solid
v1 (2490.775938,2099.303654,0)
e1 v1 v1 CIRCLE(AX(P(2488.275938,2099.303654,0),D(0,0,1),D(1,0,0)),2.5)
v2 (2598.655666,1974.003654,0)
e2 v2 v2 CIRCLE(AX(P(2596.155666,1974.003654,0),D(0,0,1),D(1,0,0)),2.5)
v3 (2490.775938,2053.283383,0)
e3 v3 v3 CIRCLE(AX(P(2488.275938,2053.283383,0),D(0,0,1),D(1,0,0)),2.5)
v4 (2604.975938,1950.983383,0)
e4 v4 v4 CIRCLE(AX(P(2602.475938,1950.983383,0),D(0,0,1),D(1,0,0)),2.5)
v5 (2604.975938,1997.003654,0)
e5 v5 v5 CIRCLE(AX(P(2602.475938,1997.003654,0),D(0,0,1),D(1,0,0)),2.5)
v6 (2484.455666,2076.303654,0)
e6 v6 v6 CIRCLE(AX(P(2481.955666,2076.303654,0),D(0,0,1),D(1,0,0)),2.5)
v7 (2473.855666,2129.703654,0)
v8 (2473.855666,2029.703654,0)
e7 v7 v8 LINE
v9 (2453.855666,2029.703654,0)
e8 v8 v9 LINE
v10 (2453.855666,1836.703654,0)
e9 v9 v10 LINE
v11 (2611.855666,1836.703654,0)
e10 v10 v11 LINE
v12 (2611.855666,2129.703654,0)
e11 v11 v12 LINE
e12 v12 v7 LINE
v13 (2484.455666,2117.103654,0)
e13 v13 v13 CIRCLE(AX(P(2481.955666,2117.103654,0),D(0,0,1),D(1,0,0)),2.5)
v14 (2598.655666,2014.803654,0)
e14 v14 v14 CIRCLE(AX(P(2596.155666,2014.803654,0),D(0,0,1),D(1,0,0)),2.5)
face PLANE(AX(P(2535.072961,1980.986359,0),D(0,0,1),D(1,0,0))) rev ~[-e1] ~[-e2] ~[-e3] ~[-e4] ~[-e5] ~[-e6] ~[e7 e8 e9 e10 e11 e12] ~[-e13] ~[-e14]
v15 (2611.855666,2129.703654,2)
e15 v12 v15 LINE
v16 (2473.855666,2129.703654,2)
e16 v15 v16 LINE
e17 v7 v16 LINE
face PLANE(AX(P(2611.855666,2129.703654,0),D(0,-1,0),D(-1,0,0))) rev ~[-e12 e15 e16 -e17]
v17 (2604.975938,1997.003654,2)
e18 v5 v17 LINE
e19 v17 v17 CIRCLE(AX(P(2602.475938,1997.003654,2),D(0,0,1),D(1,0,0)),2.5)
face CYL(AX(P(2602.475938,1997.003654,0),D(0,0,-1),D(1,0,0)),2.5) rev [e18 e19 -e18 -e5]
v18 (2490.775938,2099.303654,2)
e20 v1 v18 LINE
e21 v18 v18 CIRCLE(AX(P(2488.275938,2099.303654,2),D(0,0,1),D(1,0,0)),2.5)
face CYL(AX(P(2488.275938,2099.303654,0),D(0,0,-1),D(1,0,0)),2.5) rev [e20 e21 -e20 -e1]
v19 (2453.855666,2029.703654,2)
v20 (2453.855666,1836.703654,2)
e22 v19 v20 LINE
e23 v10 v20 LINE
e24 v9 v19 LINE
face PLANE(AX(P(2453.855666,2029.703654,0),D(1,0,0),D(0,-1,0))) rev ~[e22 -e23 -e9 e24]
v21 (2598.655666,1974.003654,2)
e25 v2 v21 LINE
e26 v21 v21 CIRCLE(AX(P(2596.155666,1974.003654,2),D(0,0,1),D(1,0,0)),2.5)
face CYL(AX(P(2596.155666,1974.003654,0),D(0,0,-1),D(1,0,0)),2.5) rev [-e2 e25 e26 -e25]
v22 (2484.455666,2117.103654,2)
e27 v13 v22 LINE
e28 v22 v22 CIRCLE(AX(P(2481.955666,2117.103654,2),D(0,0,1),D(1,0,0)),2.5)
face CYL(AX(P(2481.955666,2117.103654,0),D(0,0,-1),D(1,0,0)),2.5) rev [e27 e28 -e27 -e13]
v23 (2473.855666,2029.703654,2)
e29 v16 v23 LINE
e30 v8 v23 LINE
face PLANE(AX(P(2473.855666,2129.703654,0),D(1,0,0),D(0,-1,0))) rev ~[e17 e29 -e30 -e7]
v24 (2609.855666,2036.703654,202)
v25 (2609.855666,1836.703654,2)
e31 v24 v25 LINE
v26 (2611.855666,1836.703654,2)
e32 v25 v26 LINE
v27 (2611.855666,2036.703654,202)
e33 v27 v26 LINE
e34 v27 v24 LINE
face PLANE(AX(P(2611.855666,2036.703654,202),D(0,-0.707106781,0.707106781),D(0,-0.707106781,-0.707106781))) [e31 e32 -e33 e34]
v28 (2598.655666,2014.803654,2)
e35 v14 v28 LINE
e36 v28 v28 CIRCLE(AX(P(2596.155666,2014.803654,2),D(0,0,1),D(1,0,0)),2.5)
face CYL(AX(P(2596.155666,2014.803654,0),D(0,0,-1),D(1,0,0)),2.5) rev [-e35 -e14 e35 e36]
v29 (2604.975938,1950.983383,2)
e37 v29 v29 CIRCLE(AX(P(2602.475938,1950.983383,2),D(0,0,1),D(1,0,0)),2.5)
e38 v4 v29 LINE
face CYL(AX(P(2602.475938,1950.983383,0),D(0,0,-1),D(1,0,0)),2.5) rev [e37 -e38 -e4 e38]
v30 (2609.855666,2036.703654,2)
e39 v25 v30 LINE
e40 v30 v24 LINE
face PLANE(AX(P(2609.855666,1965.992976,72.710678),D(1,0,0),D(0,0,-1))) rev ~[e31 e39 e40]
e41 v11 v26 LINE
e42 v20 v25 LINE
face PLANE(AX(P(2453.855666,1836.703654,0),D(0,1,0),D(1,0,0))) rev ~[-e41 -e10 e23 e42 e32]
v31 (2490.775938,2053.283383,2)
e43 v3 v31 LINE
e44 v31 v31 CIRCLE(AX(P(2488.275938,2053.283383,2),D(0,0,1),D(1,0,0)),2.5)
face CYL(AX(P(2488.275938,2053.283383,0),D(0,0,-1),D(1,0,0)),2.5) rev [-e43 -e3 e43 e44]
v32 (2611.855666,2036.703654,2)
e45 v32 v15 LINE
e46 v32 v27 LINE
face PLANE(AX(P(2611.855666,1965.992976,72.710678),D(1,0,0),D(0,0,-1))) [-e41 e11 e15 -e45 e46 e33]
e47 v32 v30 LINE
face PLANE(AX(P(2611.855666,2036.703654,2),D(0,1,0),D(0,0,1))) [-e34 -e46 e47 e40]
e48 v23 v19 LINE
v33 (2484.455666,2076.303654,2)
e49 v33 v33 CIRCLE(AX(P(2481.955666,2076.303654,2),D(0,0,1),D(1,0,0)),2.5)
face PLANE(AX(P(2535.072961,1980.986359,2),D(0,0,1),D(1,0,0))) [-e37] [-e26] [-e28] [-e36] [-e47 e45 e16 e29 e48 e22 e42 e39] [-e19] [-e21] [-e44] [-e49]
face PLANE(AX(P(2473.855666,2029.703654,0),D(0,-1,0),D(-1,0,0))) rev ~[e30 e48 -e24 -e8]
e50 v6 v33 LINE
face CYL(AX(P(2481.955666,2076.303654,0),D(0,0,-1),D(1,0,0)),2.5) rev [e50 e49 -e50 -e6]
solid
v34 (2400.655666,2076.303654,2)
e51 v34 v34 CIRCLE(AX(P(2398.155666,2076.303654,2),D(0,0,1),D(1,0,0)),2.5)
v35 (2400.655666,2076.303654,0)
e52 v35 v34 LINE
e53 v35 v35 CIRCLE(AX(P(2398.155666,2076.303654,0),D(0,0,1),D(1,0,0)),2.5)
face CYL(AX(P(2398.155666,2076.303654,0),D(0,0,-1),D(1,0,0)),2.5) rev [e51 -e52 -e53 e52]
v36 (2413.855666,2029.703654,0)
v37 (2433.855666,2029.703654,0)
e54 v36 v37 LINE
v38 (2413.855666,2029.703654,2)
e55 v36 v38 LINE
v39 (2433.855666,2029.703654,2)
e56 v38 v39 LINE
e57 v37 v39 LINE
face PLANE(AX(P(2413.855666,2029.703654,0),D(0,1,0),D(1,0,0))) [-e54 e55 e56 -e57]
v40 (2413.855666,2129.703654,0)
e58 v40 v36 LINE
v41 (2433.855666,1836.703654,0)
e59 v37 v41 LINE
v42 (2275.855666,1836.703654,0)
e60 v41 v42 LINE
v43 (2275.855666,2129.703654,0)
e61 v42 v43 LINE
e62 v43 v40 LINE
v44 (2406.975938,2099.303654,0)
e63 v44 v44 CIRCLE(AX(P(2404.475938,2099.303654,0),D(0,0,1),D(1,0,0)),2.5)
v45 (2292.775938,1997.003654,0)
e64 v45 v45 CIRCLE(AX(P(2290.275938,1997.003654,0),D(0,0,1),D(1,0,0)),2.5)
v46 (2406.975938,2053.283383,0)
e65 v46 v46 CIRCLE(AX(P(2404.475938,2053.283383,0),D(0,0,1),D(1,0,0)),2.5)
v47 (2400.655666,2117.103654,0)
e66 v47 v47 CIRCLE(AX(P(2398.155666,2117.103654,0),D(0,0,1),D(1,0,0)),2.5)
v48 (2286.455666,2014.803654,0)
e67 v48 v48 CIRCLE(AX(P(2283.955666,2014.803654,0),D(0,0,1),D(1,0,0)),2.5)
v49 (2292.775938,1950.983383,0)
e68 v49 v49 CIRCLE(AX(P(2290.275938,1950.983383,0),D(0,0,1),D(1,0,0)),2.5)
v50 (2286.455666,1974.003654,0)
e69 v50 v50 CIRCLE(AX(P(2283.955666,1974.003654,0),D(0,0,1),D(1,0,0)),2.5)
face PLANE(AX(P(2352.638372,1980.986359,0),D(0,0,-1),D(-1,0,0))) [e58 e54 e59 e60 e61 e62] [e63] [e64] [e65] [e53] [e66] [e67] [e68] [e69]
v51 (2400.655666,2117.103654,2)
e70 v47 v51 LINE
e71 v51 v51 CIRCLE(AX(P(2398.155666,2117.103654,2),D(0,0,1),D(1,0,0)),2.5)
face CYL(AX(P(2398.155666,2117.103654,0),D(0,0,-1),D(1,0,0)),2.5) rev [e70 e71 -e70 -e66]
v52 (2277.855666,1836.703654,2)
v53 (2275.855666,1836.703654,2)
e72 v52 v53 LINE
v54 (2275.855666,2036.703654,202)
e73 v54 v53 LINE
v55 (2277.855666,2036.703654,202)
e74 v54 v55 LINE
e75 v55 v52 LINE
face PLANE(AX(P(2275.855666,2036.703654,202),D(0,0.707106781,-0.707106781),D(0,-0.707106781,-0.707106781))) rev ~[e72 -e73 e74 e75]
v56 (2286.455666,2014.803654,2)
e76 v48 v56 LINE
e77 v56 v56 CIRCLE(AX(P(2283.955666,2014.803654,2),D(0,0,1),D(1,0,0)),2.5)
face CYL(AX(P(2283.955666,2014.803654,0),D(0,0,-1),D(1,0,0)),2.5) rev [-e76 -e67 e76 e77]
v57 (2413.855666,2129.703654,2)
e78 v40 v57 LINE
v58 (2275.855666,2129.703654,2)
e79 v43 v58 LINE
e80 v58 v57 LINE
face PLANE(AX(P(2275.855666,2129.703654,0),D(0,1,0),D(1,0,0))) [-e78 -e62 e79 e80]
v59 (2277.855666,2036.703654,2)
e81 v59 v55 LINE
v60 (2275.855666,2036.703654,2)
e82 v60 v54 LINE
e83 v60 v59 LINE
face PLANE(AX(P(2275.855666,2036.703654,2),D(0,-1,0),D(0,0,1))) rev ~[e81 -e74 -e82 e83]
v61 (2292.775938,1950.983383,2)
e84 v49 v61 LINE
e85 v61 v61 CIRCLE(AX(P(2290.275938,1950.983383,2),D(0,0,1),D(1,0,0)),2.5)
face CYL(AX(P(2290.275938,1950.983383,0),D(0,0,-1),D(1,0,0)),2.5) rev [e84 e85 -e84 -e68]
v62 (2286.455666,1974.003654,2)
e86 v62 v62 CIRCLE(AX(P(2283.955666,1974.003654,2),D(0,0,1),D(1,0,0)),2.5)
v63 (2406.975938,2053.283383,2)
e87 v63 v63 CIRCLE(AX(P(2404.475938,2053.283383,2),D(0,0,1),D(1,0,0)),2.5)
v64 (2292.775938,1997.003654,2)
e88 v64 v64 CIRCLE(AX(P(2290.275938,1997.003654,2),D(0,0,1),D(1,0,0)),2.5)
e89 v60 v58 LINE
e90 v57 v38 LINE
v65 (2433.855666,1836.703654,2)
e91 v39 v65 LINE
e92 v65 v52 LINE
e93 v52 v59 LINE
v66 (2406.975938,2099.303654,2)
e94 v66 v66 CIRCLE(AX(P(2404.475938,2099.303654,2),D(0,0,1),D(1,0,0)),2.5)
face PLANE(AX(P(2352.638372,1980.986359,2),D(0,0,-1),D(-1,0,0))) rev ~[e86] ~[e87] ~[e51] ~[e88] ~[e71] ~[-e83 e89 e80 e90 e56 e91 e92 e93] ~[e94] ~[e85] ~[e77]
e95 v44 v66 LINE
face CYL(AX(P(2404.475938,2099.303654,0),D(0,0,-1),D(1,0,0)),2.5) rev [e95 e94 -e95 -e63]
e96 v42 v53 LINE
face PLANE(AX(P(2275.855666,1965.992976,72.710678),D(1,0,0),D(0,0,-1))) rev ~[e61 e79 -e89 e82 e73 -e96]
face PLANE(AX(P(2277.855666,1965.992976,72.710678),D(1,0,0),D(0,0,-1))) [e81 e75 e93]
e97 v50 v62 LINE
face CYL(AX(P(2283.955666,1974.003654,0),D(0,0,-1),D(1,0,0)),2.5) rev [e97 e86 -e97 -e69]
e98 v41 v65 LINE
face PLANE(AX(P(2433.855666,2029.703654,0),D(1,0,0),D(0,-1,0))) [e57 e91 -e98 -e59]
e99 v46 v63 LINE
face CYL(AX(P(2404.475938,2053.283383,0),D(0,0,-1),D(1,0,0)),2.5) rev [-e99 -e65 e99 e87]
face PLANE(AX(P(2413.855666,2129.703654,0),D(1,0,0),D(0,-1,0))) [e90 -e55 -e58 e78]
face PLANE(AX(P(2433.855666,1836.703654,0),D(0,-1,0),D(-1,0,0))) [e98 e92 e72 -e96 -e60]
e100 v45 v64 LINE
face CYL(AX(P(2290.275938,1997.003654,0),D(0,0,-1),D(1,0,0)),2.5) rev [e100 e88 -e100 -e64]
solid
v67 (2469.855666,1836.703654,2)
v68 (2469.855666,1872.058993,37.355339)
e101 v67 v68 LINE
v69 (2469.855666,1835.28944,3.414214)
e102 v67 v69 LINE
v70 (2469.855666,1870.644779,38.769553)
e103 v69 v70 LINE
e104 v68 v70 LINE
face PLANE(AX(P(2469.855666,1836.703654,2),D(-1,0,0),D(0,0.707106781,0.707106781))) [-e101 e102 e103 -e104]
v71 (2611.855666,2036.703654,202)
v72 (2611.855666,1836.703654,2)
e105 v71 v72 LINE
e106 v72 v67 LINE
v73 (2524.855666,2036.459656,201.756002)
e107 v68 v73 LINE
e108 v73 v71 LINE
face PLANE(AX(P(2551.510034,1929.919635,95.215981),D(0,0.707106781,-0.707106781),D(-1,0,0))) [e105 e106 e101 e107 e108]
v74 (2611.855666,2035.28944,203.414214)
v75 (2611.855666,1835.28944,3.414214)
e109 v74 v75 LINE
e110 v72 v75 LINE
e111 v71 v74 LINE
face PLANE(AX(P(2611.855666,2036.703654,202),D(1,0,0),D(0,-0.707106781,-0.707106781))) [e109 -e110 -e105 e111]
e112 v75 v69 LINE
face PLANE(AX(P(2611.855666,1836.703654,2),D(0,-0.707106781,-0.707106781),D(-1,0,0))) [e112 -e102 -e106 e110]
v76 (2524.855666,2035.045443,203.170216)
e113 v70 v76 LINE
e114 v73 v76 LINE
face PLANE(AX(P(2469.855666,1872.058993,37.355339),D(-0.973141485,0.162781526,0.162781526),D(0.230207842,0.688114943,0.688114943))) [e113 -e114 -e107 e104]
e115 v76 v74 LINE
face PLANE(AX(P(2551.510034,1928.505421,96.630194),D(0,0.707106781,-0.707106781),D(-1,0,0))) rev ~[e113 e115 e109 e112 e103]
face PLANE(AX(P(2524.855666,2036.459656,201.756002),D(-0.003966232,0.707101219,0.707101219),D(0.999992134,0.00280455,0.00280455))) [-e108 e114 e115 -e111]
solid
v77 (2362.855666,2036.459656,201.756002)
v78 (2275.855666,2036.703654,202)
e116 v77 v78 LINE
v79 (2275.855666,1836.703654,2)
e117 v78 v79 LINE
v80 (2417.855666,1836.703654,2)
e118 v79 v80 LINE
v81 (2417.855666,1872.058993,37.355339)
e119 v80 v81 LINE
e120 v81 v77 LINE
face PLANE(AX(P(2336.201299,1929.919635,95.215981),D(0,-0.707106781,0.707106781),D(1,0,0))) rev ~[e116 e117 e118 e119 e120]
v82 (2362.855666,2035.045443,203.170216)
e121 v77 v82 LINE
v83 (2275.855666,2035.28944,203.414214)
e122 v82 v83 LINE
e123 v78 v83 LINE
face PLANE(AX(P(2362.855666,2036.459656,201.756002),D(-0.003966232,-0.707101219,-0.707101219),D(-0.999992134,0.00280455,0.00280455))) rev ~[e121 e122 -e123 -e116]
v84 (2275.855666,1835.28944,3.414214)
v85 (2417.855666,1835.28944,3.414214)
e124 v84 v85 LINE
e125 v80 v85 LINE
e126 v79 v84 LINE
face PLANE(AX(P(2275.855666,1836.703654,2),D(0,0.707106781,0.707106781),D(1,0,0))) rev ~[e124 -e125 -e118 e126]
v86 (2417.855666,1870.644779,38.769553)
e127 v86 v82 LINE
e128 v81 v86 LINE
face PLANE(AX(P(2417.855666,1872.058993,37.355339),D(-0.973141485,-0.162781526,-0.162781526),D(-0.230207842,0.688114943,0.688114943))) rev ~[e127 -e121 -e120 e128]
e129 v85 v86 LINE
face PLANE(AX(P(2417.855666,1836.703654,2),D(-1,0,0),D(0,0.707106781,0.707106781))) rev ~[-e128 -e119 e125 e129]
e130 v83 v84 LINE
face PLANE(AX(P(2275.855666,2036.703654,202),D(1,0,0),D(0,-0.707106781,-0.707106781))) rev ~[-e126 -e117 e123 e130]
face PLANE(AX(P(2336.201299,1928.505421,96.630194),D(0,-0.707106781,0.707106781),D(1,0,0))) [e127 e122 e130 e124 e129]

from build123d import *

# Parameters (mm, degrees)
SKETCH_1_R        = 2.5
EXTRUDE_2_DEPTH   = 2
EXTRUDE_2_2_DEPTH = 2
EXTRUDE_5_DEPTH   = 2
EXTRUDE_6_DEPTH   = 2
EXTRUDE_7_DEPTH   = 2
EXTRUDE_7_2_DEPTH = 2


with BuildPart() as part:
    # 草图1 → 凸台-拉伸2 (new body)
    with BuildSketch(Plane.XY):
        Polygon((2433.85566646, 2029.703654003), (2433.85566646, 1836.703654003), (2275.85566646, 1836.703654003), (2275.85566646, 2129.703654003), (2413.85566646, 2129.703654003), (2413.85566646, 2029.703654003), align=None)
        with Locations((2404.475937528, 2099.303654003)):
            Circle(SKETCH_1_R, mode=Mode.SUBTRACT)
        with Locations((2404.475937528, 2053.283382936)):
            Circle(SKETCH_1_R, mode=Mode.SUBTRACT)
        with Locations((2398.15566646, 2076.303654003)):
            Circle(SKETCH_1_R, mode=Mode.SUBTRACT)
        with Locations((2398.15566646, 2117.103654003)):
            Circle(SKETCH_1_R, mode=Mode.SUBTRACT)
        with Locations((2290.275937528, 1997.003654003)):
            Circle(SKETCH_1_R, mode=Mode.SUBTRACT)
        with Locations((2290.275937528, 1950.983382936)):
            Circle(SKETCH_1_R, mode=Mode.SUBTRACT)
        with Locations((2283.95566646, 1974.003654003)):
            Circle(SKETCH_1_R, mode=Mode.SUBTRACT)
        with Locations((2283.95566646, 2014.803654003)):
            Circle(SKETCH_1_R, mode=Mode.SUBTRACT)
    extrude(amount=EXTRUDE_2_DEPTH)

    # 草图6 → 凸台-拉伸6 (add)
    with BuildSketch(Plane.ZY.offset(-2275.85566646)):
        Polygon((2, 1836.703654003), (2, 2036.703654003), (202, 2036.703654003), align=None)
    extrude(amount=-EXTRUDE_6_DEPTH)


with BuildPart() as body_2:
    # 草图1 → Extrude 2 2 (new body)
    with BuildSketch(Plane.XY):
        Polygon((2473.85566646, 2129.703654003), (2473.85566646, 2029.703654003), (2453.85566646, 2029.703654003), (2453.85566646, 1836.703654003), (2611.85566646, 1836.703654003), (2611.85566646, 2129.703654003), align=None)
        with Locations((2488.275937528, 2099.303654003)):
            Circle(SKETCH_1_R, mode=Mode.SUBTRACT)
        with Locations((2488.275937528, 2053.283382936)):
            Circle(SKETCH_1_R, mode=Mode.SUBTRACT)
        with Locations((2481.95566646, 2076.303654003)):
            Circle(SKETCH_1_R, mode=Mode.SUBTRACT)
        with Locations((2481.95566646, 2117.103654003)):
            Circle(SKETCH_1_R, mode=Mode.SUBTRACT)
        with Locations((2602.475937528, 1997.003654003)):
            Circle(SKETCH_1_R, mode=Mode.SUBTRACT)
        with Locations((2602.475937528, 1950.983382936)):
            Circle(SKETCH_1_R, mode=Mode.SUBTRACT)
        with Locations((2596.15566646, 1974.003654003)):
            Circle(SKETCH_1_R, mode=Mode.SUBTRACT)
        with Locations((2596.15566646, 2014.803654003)):
            Circle(SKETCH_1_R, mode=Mode.SUBTRACT)
    extrude(amount=EXTRUDE_2_2_DEPTH)

    # 草图5 → 凸台-拉伸5 (add)
    with BuildSketch(Plane(origin=(2611.85566646, 0, 0), x_dir=(0, 0, -1), z_dir=(1, 0, 0))):
        Polygon((-2, 1836.703654003), (-2, 2036.703654003), (-202, 2036.703654003), align=None)
    extrude(amount=-EXTRUDE_5_DEPTH)


with BuildPart() as body_3:
    # 草图7 → 凸台-拉伸7 (new body)
    with BuildSketch(Plane(origin=(0, 917.351827001, -917.351827001), x_dir=(1, 0, 0), z_dir=(0, -0.7071067811865472, 0.7071067811865479))):
        Polygon((2417.85566646, 1300.159822338), (2417.85566646, 1350.159822338), (2362.85566646, 1582.657469875), (2275.85566646, 1583.002534812), (2275.85566646, 1300.159822338), align=None)
    extrude(amount=EXTRUDE_7_DEPTH)


with BuildPart() as body_4:
    # 草图7 → Extrude 7 2 (new body)
    with BuildSketch(Plane(origin=(0, 917.351827001, -917.351827001), x_dir=(1, 0, 0), z_dir=(0, -0.7071067811865472, 0.7071067811865479))):
        Polygon((2469.85566646, 1300.159822338), (2469.85566646, 1350.159822338), (2524.85566646, 1582.657469875), (2611.85566646, 1583.002534812), (2611.85566646, 1300.159822338), align=None)
    extrude(amount=EXTRUDE_7_2_DEPTH)


solid = Compound([part.part, body_2.part, body_3.part, body_4.part])
